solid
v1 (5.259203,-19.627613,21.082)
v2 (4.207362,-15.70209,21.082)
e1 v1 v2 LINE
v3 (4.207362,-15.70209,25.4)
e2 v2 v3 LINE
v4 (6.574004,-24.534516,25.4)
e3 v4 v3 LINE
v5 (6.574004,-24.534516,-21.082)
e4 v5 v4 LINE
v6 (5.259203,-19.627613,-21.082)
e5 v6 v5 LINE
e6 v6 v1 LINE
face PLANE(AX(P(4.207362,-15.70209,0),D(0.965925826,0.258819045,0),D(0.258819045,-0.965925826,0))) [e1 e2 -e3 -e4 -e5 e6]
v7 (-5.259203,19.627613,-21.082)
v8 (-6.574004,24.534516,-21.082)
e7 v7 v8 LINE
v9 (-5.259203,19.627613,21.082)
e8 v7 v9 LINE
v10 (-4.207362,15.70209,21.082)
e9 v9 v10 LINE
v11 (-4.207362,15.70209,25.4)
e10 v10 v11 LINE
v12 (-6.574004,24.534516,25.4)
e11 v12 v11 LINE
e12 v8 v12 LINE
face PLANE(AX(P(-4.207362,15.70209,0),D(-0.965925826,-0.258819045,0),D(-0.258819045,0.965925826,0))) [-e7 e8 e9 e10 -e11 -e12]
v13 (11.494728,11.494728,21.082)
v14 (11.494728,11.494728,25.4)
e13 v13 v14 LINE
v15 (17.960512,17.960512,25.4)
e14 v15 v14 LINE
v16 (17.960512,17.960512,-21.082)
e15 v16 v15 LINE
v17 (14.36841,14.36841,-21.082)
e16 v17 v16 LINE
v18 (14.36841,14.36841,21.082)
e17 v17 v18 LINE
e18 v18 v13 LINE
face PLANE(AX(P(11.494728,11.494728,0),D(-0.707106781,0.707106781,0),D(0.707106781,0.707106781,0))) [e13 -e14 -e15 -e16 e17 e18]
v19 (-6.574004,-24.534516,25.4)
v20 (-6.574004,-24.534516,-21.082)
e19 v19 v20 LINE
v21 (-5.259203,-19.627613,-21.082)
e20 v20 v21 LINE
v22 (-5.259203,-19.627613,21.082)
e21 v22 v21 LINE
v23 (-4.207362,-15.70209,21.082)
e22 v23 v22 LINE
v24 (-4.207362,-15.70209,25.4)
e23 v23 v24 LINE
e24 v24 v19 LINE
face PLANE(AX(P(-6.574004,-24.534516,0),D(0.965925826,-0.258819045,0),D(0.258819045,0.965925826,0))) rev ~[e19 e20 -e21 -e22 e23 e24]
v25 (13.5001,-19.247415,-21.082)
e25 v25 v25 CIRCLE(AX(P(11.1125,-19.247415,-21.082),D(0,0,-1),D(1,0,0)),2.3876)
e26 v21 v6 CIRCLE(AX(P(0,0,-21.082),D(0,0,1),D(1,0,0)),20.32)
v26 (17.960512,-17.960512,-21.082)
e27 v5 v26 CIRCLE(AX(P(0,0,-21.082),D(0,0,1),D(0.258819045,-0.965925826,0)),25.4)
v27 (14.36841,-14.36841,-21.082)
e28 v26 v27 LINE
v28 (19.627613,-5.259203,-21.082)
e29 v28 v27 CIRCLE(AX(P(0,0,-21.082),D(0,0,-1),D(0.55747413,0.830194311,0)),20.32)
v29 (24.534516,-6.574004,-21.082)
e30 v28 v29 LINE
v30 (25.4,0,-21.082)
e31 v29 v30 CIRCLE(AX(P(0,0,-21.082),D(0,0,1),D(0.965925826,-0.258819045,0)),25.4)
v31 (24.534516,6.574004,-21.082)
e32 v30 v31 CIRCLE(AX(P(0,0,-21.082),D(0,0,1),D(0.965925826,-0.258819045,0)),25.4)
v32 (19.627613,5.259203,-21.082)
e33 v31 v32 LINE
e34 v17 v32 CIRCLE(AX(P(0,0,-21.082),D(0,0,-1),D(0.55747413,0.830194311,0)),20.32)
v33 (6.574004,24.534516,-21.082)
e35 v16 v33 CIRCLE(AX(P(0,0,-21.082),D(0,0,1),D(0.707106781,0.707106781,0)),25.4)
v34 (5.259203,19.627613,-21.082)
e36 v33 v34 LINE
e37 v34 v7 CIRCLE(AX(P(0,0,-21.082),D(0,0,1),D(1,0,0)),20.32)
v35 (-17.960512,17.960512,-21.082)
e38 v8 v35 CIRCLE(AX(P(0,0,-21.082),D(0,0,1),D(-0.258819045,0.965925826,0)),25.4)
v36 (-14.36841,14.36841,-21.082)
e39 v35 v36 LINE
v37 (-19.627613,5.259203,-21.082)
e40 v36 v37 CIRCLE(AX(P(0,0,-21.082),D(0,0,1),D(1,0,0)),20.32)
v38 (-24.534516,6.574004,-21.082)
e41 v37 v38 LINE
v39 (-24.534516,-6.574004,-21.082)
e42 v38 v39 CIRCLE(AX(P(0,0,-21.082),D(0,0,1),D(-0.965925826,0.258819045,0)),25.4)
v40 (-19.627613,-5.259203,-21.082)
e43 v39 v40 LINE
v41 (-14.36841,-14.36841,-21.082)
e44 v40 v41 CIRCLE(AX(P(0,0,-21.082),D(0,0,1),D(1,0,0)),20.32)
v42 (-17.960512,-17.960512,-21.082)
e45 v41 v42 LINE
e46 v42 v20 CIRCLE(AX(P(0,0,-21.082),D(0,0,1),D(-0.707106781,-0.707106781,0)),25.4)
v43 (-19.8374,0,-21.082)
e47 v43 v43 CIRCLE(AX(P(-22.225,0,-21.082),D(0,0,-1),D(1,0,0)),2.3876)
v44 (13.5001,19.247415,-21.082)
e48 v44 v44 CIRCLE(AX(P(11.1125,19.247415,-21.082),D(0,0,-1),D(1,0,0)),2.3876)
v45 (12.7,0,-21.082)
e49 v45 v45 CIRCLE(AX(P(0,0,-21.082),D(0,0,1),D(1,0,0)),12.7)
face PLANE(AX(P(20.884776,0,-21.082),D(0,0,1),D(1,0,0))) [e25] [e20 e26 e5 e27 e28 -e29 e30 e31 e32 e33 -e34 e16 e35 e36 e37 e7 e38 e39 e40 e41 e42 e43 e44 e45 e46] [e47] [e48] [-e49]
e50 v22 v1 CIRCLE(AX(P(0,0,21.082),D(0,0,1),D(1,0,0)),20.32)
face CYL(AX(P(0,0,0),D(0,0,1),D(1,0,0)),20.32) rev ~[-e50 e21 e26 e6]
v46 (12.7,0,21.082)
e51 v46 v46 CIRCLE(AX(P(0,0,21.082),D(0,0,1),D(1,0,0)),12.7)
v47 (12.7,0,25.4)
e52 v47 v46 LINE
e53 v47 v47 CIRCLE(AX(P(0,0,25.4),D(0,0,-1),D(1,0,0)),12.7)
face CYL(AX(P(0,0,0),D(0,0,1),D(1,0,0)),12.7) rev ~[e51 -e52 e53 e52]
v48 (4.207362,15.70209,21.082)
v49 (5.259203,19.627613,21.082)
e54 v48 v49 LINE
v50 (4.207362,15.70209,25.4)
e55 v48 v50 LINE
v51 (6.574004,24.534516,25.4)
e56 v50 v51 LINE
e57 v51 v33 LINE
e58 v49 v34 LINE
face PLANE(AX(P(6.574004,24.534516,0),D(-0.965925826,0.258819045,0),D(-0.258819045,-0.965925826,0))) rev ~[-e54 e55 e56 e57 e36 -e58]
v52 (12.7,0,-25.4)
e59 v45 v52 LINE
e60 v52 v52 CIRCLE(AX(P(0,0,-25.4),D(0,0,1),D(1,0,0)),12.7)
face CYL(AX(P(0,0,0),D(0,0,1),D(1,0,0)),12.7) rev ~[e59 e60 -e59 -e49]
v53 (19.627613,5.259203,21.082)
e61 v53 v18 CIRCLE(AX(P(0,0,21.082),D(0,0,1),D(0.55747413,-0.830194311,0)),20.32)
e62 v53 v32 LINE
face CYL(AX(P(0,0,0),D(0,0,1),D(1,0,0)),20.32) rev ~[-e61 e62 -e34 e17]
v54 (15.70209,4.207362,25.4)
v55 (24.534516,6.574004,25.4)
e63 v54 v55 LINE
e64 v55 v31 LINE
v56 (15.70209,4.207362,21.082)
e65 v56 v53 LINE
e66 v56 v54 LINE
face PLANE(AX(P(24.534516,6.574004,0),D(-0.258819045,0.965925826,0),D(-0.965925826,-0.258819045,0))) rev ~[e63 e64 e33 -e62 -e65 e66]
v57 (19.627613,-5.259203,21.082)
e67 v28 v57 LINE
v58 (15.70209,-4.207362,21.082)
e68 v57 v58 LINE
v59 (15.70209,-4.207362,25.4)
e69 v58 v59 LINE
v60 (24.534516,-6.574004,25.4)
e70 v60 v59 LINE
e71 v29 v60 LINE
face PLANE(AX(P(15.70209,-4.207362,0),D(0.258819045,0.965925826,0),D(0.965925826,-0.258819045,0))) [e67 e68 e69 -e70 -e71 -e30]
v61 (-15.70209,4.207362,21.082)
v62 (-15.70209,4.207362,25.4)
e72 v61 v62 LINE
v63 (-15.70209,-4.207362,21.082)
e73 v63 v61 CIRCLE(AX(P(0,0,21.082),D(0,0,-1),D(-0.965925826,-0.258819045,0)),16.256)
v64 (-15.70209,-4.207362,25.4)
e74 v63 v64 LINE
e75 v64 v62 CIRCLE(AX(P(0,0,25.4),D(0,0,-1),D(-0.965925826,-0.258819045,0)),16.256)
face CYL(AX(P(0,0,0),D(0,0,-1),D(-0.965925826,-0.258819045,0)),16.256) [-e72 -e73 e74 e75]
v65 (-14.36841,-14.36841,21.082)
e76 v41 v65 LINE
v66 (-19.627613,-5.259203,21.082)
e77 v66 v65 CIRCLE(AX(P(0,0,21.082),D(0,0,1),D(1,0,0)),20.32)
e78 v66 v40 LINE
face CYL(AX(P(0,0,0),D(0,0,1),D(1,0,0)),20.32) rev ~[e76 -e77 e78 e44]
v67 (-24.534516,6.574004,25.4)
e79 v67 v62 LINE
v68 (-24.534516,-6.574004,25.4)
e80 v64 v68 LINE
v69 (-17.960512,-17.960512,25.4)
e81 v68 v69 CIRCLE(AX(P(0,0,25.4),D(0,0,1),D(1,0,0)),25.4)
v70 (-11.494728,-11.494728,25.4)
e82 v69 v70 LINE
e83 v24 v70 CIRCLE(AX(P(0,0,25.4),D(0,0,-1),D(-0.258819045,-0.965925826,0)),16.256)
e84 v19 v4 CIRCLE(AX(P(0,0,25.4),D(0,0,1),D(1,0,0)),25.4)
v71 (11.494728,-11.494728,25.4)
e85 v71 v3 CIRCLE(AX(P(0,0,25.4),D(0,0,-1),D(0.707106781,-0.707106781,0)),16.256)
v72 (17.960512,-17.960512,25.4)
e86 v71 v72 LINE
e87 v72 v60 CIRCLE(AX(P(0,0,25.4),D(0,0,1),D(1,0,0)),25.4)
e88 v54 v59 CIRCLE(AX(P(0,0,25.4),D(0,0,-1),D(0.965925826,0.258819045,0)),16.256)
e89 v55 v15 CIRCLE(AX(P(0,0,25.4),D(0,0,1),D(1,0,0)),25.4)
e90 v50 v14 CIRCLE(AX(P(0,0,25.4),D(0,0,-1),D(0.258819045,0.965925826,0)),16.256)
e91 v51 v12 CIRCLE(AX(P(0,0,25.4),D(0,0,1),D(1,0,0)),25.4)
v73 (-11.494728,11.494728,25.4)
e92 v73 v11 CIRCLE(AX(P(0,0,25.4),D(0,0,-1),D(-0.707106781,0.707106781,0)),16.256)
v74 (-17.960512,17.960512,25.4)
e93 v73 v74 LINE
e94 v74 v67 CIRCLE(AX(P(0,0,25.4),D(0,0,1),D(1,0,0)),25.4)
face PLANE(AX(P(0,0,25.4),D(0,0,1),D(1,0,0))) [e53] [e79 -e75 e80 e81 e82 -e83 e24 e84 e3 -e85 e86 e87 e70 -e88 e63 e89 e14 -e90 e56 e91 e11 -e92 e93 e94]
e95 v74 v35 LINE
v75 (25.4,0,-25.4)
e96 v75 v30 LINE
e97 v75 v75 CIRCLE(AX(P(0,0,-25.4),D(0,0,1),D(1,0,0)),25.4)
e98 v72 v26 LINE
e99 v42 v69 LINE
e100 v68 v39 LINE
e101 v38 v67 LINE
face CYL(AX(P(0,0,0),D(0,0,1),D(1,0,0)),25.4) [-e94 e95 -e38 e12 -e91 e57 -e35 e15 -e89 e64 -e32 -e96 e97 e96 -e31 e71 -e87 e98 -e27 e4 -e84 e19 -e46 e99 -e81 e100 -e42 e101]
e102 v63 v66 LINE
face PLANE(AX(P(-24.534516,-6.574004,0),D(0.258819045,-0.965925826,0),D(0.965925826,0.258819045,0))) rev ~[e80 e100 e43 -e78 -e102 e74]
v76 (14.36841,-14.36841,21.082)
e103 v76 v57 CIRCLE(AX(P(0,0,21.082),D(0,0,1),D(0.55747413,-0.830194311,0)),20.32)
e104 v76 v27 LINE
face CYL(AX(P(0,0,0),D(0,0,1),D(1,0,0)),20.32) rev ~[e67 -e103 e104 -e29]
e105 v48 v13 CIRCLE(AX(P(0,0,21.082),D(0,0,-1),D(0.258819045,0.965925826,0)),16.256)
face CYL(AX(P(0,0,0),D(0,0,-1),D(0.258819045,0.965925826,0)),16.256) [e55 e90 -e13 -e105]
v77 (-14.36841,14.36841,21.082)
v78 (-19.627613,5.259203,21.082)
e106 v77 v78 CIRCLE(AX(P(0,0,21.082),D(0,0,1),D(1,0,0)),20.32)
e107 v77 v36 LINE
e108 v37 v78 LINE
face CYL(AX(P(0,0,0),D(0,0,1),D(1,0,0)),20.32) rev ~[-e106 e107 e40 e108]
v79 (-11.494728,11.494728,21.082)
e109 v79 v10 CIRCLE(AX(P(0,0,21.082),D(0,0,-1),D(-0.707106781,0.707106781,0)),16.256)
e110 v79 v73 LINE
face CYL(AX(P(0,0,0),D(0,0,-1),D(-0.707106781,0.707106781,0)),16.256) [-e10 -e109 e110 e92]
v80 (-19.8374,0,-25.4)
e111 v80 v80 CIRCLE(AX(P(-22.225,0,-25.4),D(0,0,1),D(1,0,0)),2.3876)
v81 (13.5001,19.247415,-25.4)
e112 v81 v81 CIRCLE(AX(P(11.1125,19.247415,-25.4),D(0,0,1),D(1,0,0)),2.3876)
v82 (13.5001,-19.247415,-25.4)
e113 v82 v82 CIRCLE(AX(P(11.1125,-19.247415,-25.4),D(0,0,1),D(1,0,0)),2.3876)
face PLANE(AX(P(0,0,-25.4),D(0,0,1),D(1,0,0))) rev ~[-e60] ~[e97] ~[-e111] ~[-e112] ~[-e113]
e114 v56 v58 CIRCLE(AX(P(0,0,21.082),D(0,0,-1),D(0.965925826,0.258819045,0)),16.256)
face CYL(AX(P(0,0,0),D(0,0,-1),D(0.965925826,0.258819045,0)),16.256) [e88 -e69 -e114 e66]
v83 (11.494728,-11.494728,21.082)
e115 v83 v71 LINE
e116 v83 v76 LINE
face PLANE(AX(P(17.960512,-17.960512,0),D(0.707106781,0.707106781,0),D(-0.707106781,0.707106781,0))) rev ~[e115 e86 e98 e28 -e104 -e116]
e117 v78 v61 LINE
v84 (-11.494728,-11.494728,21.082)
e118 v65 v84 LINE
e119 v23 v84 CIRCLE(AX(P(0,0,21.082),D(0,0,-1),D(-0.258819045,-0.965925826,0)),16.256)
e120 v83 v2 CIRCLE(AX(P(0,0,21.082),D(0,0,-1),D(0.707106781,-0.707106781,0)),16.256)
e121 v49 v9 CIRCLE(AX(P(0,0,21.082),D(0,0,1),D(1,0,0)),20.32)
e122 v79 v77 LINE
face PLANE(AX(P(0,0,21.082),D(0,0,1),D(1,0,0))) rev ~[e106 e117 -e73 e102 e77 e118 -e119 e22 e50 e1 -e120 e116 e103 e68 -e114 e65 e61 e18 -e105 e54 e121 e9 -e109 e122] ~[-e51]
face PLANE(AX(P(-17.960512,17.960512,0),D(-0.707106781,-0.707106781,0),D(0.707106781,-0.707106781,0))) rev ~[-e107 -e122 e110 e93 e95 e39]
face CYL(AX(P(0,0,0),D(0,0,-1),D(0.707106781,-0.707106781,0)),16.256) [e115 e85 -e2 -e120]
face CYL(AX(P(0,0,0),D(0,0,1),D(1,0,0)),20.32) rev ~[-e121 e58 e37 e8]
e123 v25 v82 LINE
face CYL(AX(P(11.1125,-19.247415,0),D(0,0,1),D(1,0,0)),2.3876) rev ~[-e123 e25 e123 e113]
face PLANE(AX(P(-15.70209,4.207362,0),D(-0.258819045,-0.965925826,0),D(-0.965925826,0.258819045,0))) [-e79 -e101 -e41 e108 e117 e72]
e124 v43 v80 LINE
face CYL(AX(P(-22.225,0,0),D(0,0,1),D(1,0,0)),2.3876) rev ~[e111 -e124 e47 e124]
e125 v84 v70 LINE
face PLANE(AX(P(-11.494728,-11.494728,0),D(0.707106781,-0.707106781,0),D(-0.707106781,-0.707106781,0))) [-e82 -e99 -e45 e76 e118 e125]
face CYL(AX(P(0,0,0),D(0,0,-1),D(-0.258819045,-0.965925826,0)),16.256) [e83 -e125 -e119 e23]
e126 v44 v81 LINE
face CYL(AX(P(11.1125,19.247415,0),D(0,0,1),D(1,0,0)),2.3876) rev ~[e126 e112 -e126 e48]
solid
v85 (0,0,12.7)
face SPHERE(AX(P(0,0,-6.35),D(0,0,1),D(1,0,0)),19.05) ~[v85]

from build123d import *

# Parameters (mm, degrees)
F0_R          = 25.4
F1_DEPTH      = 25.4
F2_R          = 12.7
F3_DEPTH      = 25.401
F3_DEPTH_BACK = 25.401
F4_R          = 20.32
F5_DEPTH      = 21.082
F6_R          = 2.3876
F7_DEPTH      = 25.401
F7_DEPTH_BACK = 25.401
F9_DEPTH      = 25.401
F9_DEPTH_BACK = 21.082


with BuildPart() as f1:
    # F0 (on Top) → F1 (new body, symmetric)
    with BuildSketch(Plane.XY):
        Circle(F0_R)
    extrude(amount=F1_DEPTH, both=True)

    # F2 (on Top) → F3 (cut, two sides)
    with BuildSketch(Plane.XY) as f3_sk:
        Circle(F2_R)
    extrude(amount=-F3_DEPTH, mode=Mode.SUBTRACT)
    extrude(f3_sk.sketch, amount=F3_DEPTH_BACK, mode=Mode.SUBTRACT)

    # F4 (on Top) → F5 (cut, symmetric)
    with BuildSketch(Plane.XY):
        Circle(F4_R)
    extrude(amount=F5_DEPTH, both=True, mode=Mode.SUBTRACT)

    # F6 (on Top) → F7 (cut, two sides)
    with BuildSketch(Plane.XY) as f7_sk:
        with Locations((-22.225, 0)):
            Circle(F6_R)
        with Locations((11.1125, 19.2474145991)):
            Circle(F6_R)
        with Locations((11.1125, -19.2474145991)):
            Circle(F6_R)
    extrude(amount=-F7_DEPTH, mode=Mode.SUBTRACT)
    extrude(f7_sk.sketch, amount=F7_DEPTH_BACK, mode=Mode.SUBTRACT)

    # F8 (on Top) → F9 (cut, two sides)
    with BuildSketch(Plane.XY) as f9_sk:
        with BuildLine():
            Line((-15.7020902322, 4.2073623972), (-24.5345159877, 6.5740037456))
            ThreePointArc((-24.5345159877, 6.5740037456), (-25.4, 0), (-24.5345159877, -6.5740037456))
            Line((-24.5345159877, -6.5740037456), (-15.7020902322, -4.2073623972))
            ThreePointArc((-15.7020902322, -4.2073623972), (-16.256, 0), (-15.7020902322, 4.2073623972))
        make_face()
        with BuildLine():
            ThreePointArc((-6.5740037456, 24.5345159877), (-12.7, 21.9970452561), (-17.9605122421, 17.9605122421))
            Line((-17.9605122421, 17.9605122421), (-11.494727835, 11.494727835))
            ThreePointArc((-11.494727835, 11.494727835), (-8.128, 14.0781089639), (-4.2073623972, 15.7020902322))
            Line((-4.2073623972, 15.7020902322), (-6.5740037456, 24.5345159877))
        make_face()
        with BuildLine():
            Line((-11.494727835, -11.494727835), (-17.9605122421, -17.9605122421))
            ThreePointArc((-17.9605122421, -17.9605122421), (-12.7, -21.9970452561), (-6.5740037456, -24.5345159877))
            Line((-6.5740037456, -24.5345159877), (-4.2073623972, -15.7020902322))
            ThreePointArc((-4.2073623972, -15.7020902322), (-8.128, -14.0781089639), (-11.494727835, -11.494727835))
        make_face()
        with BuildLine():
            Line((11.494727835, 11.494727835), (17.9605122421, 17.9605122421))
            ThreePointArc((17.9605122421, 17.9605122421), (12.7, 21.9970452561), (6.5740037456, 24.5345159877))
            Line((6.5740037456, 24.5345159877), (4.2073623972, 15.7020902322))
            ThreePointArc((4.2073623972, 15.7020902322), (8.128, 14.0781089639), (11.494727835, 11.494727835))
        make_face()
        with BuildLine():
            ThreePointArc((24.5345159877, -6.5740037456), (25.4, 0), (24.5345159877, 6.5740037456))
            Line((24.5345159877, 6.5740037456), (15.7020902322, 4.2073623972))
            ThreePointArc((15.7020902322, 4.2073623972), (16.256, 0), (15.7020902322, -4.2073623972))
            Line((15.7020902322, -4.2073623972), (24.5345159877, -6.5740037456))
        make_face()
        with BuildLine():
            Line((17.9605122421, -17.9605122421), (11.494727835, -11.494727835))
            ThreePointArc((11.494727835, -11.494727835), (8.128, -14.0781089639), (4.2073623972, -15.7020902322))
            Line((4.2073623972, -15.7020902322), (6.5740037456, -24.5345159877))
            ThreePointArc((6.5740037456, -24.5345159877), (12.7, -21.9970452561), (17.9605122421, -17.9605122421))
        make_face()
    extrude(amount=F9_DEPTH, mode=Mode.SUBTRACT)
    extrude(f9_sk.sketch, amount=-F9_DEPTH_BACK, mode=Mode.SUBTRACT)


with BuildPart() as f11:
    # F10 (on Front) → F11 (revolve)
    with BuildSketch(Plane.XZ):
        with BuildLine():
            ThreePointArc((0, -25.4), (19.05, -6.35), (0, 12.7))
            Line((0, 12.7), (0, -25.4))
        make_face()
    revolve(axis=Axis((0, 0, -0.1289846554), (0, 0, -1)))


solid = Compound([f1.part, f11.part])
